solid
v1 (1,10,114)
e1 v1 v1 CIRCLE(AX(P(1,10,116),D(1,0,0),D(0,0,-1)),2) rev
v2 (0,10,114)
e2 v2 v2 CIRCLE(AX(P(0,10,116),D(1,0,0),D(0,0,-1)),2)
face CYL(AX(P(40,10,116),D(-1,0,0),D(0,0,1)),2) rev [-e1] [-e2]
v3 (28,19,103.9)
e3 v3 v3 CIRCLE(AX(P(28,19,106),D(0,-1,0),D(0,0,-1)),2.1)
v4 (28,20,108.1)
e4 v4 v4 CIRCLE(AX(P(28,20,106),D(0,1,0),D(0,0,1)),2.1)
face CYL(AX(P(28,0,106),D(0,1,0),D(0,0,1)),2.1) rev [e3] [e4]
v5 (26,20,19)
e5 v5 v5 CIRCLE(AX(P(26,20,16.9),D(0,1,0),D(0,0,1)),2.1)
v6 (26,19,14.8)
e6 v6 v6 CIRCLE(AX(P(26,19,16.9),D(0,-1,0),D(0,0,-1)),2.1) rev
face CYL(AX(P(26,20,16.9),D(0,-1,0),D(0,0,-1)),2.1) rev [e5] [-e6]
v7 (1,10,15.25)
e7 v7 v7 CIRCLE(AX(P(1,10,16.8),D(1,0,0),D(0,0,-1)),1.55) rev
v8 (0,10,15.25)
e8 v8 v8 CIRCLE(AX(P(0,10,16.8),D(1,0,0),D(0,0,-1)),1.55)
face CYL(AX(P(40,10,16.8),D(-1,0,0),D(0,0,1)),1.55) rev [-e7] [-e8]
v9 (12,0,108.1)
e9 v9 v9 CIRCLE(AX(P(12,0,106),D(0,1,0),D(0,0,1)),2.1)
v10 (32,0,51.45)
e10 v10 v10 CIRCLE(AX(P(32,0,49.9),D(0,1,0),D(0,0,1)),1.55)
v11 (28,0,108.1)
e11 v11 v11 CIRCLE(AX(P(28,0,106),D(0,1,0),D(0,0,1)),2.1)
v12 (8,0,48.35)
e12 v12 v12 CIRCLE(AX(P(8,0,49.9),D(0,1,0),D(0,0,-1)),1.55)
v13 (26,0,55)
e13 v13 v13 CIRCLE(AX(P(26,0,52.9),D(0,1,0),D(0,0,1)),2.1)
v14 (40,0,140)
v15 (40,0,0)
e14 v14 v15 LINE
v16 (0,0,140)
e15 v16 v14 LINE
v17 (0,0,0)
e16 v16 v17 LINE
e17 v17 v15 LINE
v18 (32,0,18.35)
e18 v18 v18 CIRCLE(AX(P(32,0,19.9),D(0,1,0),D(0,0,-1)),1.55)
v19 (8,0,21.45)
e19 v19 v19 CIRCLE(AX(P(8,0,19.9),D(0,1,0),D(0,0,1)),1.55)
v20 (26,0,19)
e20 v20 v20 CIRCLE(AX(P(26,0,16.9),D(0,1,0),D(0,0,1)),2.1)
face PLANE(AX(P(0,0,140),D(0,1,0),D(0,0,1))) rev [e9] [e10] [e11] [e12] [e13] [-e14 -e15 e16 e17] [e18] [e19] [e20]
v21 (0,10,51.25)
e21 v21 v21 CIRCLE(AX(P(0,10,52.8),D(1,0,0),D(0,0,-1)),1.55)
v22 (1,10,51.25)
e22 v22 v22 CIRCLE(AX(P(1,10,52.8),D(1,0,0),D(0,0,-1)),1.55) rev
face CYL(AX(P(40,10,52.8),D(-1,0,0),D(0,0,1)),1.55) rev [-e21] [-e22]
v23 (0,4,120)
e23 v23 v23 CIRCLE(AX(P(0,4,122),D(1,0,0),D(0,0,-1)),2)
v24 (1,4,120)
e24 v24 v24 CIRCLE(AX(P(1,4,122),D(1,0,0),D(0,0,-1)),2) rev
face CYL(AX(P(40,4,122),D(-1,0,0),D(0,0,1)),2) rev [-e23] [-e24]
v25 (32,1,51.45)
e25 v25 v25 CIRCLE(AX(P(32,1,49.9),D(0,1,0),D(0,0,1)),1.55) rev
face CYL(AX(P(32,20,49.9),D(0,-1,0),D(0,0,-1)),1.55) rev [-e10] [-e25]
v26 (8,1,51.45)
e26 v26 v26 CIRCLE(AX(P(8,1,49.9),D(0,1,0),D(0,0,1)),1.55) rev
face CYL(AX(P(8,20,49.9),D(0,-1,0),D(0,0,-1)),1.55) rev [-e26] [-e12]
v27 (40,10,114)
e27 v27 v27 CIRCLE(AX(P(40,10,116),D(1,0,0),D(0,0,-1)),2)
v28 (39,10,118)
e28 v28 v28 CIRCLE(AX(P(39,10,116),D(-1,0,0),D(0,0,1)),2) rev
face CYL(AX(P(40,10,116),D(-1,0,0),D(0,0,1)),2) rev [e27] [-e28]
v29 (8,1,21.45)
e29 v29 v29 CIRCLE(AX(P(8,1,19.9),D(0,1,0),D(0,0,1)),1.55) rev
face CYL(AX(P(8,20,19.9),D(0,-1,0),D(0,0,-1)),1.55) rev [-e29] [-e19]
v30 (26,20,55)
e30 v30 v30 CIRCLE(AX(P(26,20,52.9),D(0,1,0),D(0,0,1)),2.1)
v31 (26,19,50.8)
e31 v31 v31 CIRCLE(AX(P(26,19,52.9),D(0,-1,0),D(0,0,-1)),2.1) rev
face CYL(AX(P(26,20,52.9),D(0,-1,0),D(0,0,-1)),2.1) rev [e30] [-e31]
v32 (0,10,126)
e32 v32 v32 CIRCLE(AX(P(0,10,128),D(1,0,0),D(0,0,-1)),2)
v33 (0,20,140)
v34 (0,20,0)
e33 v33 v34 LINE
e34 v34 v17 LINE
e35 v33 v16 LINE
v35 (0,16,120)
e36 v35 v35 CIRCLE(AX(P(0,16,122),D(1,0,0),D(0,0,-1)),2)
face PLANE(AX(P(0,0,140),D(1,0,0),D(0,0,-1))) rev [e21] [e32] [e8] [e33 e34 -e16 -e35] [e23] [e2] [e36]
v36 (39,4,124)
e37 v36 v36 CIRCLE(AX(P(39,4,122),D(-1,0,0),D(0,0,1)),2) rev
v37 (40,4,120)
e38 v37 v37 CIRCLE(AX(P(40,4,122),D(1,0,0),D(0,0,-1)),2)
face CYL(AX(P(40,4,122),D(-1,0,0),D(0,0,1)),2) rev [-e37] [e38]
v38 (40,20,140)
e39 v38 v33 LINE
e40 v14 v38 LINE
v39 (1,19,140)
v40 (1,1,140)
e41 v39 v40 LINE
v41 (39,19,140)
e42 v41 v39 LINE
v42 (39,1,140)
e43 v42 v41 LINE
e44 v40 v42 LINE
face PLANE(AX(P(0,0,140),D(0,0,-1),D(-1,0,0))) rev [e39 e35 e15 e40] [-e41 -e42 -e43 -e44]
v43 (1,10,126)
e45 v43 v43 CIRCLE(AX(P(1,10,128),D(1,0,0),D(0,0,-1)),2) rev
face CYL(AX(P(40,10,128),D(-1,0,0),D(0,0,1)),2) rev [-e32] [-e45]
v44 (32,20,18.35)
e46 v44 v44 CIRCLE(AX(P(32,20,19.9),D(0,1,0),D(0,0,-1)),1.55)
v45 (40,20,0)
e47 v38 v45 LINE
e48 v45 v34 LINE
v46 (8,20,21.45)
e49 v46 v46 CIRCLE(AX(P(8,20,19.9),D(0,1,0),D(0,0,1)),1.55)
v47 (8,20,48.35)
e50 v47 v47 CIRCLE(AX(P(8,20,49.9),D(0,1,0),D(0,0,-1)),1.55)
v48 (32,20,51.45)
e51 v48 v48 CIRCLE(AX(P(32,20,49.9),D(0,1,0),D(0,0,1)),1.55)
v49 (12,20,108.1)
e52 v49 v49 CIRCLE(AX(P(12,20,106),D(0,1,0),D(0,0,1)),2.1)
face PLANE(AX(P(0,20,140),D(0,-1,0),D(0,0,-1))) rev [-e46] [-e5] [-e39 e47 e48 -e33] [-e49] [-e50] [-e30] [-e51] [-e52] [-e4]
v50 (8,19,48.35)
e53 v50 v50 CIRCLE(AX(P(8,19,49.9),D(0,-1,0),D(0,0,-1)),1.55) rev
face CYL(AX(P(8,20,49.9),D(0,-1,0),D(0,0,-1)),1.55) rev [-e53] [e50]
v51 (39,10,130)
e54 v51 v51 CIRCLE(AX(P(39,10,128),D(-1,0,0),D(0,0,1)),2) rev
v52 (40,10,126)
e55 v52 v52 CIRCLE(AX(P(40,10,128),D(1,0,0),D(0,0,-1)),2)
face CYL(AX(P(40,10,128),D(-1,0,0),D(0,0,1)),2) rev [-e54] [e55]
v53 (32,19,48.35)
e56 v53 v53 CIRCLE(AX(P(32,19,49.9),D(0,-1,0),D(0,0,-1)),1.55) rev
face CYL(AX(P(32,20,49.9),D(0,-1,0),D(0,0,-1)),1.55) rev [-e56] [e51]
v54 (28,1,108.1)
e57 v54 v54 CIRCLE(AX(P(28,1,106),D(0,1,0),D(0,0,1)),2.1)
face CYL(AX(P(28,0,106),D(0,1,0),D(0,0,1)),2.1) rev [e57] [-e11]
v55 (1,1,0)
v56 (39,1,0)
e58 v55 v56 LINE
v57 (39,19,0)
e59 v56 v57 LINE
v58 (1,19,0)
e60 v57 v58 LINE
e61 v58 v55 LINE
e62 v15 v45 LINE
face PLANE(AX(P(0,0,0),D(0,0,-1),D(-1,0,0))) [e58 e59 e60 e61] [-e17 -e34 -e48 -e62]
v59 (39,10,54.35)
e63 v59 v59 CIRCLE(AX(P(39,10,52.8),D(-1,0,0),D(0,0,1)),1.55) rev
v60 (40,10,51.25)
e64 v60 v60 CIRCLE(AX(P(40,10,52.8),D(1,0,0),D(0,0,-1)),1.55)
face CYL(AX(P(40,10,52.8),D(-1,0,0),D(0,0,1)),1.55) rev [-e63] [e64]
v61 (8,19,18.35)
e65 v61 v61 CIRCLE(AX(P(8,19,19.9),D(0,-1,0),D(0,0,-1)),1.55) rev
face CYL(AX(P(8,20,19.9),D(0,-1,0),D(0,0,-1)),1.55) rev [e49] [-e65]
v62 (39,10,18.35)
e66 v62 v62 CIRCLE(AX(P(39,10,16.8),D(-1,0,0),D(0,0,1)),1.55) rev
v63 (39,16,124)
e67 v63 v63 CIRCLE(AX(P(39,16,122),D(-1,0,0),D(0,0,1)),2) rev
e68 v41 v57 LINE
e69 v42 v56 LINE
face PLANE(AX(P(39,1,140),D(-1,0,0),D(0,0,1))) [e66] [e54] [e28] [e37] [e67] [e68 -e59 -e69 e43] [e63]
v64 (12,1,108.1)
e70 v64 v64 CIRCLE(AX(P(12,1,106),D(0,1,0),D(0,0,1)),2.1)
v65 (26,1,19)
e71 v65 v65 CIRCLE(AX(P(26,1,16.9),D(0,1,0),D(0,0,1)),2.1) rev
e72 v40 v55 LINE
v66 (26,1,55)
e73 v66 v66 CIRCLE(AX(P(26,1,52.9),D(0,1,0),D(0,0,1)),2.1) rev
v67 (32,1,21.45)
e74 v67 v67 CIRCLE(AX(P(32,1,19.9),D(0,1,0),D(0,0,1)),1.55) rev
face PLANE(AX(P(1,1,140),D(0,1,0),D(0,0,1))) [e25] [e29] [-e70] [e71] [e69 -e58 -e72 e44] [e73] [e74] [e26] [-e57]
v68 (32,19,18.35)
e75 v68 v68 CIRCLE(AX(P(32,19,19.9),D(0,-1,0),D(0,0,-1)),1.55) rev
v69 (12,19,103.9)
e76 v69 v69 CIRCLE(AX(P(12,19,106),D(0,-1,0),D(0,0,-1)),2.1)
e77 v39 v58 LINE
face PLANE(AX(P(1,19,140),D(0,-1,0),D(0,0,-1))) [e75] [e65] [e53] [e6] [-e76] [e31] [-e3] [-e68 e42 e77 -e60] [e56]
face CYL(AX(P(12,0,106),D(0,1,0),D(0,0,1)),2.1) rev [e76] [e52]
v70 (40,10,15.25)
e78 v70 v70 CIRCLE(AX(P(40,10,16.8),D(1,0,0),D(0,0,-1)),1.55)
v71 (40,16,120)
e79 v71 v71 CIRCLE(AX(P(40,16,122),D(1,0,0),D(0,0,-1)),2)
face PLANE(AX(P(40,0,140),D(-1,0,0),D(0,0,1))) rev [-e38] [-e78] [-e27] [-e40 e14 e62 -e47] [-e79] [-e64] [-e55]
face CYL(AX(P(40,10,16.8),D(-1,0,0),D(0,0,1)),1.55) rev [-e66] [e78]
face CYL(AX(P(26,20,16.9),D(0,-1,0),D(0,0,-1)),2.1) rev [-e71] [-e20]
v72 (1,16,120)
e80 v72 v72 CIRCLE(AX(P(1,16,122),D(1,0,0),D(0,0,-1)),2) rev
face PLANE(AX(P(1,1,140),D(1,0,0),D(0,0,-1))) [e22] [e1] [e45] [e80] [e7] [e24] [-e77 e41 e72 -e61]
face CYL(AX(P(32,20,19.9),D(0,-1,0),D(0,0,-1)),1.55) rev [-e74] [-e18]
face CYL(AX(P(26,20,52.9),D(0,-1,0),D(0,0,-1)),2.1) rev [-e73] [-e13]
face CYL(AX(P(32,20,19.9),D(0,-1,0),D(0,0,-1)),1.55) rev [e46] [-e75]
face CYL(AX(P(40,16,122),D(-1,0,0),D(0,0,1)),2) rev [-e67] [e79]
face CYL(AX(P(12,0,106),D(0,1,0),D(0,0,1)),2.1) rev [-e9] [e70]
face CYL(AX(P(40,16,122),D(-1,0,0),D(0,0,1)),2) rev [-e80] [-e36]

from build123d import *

# Parameters (mm, degrees)
SKETCH_1_W          = 40
SKETCH_1_H          = 20
SKETCH_1_W_2        = 38
SKETCH_1_H_2        = 18
EXTRUDE_1_DEPTH     = 140
SKETCH_2_R          = 2
SKETCH_2_R_2        = 1.55
CUT_EXTRUDE_1_DEPTH = 147.969384567
SKETCH_3_R          = 1.55
SKETCH_3_R_2        = 2.1
CUT_EXTRUDE_2_DEPTH = 147.969384567
SKETCH_4_R          = 2.1
CUT_EXTRUDE_3_DEPTH = 147.969384567


with BuildPart() as part:
    # 草图1 → 凸台-拉伸1 (new body)
    with BuildSketch(Plane.XY):
        with Locations((20, 10)):
            Rectangle(SKETCH_1_W, SKETCH_1_H)
        with Locations((20, 10)):
            Rectangle(SKETCH_1_W_2, SKETCH_1_H_2, mode=Mode.SUBTRACT)
    extrude(amount=EXTRUDE_1_DEPTH)

    # 草图2 → 切除-拉伸1 (cut, through all)
    with BuildSketch(Plane(origin=(0, 0, 0), x_dir=(0, 0, -1), z_dir=(1, 0, 0))):
        with Locations(Location((-116, 10, 0), (0, 0, 180))):
            Circle(SKETCH_2_R)
        with Locations(Location((-128, 10, 0), (0, 0, 180))):
            Circle(SKETCH_2_R)
        with Locations(Location((-16.8, 10, 0), (0, 0, 180))):
            Circle(SKETCH_2_R_2)
        with Locations(Location((-52.8, 10, 0), (0, 0, 180))):
            Circle(SKETCH_2_R_2)
        with Locations(Location((-122, 16, 0), (0, 0, 180))):
            Circle(SKETCH_2_R)
        with Locations(Location((-122, 4, 0), (0, 0, 180))):
            Circle(SKETCH_2_R)
    extrude(amount=CUT_EXTRUDE_1_DEPTH, mode=Mode.SUBTRACT)

    # 草图3 → 切除-拉伸2 (cut, through all)
    with BuildSketch(Plane(origin=(0, 0, 0), x_dir=(1, 0, 0), z_dir=(0, 1, 0))):
        with Locations(Location((8, -19.9, 0), (0, 0, 90))):
            Circle(SKETCH_3_R)
        with Locations(Location((32, -19.9, 0), (0, 0, 90))):
            Circle(SKETCH_3_R)
        with Locations(Location((32, -49.9, 0), (0, 0, 90))):
            Circle(SKETCH_3_R)
        with Locations(Location((8, -49.9, 0), (0, 0, 90))):
            Circle(SKETCH_3_R)
        with Locations(Location((26, -16.9, 0), (0, 0, 90))):
            Circle(SKETCH_3_R_2)
        with Locations(Location((26, -52.9, 0), (0, 0, 90))):
            Circle(SKETCH_3_R_2)
    extrude(amount=CUT_EXTRUDE_2_DEPTH, mode=Mode.SUBTRACT)

    # 草图4 → 切除-拉伸3 (cut, through all)
    with BuildSketch(Plane(origin=(0, 20, 0), x_dir=(1, 0, 0), z_dir=(0, 1, 0))):
        with Locations(Location((28, -106, 0), (0, 0, 270))):
            Circle(SKETCH_4_R)
        with Locations(Location((12, -106, 0), (0, 0, 270))):
            Circle(SKETCH_4_R)
    extrude(amount=-CUT_EXTRUDE_3_DEPTH, mode=Mode.SUBTRACT)


solid = part.part
